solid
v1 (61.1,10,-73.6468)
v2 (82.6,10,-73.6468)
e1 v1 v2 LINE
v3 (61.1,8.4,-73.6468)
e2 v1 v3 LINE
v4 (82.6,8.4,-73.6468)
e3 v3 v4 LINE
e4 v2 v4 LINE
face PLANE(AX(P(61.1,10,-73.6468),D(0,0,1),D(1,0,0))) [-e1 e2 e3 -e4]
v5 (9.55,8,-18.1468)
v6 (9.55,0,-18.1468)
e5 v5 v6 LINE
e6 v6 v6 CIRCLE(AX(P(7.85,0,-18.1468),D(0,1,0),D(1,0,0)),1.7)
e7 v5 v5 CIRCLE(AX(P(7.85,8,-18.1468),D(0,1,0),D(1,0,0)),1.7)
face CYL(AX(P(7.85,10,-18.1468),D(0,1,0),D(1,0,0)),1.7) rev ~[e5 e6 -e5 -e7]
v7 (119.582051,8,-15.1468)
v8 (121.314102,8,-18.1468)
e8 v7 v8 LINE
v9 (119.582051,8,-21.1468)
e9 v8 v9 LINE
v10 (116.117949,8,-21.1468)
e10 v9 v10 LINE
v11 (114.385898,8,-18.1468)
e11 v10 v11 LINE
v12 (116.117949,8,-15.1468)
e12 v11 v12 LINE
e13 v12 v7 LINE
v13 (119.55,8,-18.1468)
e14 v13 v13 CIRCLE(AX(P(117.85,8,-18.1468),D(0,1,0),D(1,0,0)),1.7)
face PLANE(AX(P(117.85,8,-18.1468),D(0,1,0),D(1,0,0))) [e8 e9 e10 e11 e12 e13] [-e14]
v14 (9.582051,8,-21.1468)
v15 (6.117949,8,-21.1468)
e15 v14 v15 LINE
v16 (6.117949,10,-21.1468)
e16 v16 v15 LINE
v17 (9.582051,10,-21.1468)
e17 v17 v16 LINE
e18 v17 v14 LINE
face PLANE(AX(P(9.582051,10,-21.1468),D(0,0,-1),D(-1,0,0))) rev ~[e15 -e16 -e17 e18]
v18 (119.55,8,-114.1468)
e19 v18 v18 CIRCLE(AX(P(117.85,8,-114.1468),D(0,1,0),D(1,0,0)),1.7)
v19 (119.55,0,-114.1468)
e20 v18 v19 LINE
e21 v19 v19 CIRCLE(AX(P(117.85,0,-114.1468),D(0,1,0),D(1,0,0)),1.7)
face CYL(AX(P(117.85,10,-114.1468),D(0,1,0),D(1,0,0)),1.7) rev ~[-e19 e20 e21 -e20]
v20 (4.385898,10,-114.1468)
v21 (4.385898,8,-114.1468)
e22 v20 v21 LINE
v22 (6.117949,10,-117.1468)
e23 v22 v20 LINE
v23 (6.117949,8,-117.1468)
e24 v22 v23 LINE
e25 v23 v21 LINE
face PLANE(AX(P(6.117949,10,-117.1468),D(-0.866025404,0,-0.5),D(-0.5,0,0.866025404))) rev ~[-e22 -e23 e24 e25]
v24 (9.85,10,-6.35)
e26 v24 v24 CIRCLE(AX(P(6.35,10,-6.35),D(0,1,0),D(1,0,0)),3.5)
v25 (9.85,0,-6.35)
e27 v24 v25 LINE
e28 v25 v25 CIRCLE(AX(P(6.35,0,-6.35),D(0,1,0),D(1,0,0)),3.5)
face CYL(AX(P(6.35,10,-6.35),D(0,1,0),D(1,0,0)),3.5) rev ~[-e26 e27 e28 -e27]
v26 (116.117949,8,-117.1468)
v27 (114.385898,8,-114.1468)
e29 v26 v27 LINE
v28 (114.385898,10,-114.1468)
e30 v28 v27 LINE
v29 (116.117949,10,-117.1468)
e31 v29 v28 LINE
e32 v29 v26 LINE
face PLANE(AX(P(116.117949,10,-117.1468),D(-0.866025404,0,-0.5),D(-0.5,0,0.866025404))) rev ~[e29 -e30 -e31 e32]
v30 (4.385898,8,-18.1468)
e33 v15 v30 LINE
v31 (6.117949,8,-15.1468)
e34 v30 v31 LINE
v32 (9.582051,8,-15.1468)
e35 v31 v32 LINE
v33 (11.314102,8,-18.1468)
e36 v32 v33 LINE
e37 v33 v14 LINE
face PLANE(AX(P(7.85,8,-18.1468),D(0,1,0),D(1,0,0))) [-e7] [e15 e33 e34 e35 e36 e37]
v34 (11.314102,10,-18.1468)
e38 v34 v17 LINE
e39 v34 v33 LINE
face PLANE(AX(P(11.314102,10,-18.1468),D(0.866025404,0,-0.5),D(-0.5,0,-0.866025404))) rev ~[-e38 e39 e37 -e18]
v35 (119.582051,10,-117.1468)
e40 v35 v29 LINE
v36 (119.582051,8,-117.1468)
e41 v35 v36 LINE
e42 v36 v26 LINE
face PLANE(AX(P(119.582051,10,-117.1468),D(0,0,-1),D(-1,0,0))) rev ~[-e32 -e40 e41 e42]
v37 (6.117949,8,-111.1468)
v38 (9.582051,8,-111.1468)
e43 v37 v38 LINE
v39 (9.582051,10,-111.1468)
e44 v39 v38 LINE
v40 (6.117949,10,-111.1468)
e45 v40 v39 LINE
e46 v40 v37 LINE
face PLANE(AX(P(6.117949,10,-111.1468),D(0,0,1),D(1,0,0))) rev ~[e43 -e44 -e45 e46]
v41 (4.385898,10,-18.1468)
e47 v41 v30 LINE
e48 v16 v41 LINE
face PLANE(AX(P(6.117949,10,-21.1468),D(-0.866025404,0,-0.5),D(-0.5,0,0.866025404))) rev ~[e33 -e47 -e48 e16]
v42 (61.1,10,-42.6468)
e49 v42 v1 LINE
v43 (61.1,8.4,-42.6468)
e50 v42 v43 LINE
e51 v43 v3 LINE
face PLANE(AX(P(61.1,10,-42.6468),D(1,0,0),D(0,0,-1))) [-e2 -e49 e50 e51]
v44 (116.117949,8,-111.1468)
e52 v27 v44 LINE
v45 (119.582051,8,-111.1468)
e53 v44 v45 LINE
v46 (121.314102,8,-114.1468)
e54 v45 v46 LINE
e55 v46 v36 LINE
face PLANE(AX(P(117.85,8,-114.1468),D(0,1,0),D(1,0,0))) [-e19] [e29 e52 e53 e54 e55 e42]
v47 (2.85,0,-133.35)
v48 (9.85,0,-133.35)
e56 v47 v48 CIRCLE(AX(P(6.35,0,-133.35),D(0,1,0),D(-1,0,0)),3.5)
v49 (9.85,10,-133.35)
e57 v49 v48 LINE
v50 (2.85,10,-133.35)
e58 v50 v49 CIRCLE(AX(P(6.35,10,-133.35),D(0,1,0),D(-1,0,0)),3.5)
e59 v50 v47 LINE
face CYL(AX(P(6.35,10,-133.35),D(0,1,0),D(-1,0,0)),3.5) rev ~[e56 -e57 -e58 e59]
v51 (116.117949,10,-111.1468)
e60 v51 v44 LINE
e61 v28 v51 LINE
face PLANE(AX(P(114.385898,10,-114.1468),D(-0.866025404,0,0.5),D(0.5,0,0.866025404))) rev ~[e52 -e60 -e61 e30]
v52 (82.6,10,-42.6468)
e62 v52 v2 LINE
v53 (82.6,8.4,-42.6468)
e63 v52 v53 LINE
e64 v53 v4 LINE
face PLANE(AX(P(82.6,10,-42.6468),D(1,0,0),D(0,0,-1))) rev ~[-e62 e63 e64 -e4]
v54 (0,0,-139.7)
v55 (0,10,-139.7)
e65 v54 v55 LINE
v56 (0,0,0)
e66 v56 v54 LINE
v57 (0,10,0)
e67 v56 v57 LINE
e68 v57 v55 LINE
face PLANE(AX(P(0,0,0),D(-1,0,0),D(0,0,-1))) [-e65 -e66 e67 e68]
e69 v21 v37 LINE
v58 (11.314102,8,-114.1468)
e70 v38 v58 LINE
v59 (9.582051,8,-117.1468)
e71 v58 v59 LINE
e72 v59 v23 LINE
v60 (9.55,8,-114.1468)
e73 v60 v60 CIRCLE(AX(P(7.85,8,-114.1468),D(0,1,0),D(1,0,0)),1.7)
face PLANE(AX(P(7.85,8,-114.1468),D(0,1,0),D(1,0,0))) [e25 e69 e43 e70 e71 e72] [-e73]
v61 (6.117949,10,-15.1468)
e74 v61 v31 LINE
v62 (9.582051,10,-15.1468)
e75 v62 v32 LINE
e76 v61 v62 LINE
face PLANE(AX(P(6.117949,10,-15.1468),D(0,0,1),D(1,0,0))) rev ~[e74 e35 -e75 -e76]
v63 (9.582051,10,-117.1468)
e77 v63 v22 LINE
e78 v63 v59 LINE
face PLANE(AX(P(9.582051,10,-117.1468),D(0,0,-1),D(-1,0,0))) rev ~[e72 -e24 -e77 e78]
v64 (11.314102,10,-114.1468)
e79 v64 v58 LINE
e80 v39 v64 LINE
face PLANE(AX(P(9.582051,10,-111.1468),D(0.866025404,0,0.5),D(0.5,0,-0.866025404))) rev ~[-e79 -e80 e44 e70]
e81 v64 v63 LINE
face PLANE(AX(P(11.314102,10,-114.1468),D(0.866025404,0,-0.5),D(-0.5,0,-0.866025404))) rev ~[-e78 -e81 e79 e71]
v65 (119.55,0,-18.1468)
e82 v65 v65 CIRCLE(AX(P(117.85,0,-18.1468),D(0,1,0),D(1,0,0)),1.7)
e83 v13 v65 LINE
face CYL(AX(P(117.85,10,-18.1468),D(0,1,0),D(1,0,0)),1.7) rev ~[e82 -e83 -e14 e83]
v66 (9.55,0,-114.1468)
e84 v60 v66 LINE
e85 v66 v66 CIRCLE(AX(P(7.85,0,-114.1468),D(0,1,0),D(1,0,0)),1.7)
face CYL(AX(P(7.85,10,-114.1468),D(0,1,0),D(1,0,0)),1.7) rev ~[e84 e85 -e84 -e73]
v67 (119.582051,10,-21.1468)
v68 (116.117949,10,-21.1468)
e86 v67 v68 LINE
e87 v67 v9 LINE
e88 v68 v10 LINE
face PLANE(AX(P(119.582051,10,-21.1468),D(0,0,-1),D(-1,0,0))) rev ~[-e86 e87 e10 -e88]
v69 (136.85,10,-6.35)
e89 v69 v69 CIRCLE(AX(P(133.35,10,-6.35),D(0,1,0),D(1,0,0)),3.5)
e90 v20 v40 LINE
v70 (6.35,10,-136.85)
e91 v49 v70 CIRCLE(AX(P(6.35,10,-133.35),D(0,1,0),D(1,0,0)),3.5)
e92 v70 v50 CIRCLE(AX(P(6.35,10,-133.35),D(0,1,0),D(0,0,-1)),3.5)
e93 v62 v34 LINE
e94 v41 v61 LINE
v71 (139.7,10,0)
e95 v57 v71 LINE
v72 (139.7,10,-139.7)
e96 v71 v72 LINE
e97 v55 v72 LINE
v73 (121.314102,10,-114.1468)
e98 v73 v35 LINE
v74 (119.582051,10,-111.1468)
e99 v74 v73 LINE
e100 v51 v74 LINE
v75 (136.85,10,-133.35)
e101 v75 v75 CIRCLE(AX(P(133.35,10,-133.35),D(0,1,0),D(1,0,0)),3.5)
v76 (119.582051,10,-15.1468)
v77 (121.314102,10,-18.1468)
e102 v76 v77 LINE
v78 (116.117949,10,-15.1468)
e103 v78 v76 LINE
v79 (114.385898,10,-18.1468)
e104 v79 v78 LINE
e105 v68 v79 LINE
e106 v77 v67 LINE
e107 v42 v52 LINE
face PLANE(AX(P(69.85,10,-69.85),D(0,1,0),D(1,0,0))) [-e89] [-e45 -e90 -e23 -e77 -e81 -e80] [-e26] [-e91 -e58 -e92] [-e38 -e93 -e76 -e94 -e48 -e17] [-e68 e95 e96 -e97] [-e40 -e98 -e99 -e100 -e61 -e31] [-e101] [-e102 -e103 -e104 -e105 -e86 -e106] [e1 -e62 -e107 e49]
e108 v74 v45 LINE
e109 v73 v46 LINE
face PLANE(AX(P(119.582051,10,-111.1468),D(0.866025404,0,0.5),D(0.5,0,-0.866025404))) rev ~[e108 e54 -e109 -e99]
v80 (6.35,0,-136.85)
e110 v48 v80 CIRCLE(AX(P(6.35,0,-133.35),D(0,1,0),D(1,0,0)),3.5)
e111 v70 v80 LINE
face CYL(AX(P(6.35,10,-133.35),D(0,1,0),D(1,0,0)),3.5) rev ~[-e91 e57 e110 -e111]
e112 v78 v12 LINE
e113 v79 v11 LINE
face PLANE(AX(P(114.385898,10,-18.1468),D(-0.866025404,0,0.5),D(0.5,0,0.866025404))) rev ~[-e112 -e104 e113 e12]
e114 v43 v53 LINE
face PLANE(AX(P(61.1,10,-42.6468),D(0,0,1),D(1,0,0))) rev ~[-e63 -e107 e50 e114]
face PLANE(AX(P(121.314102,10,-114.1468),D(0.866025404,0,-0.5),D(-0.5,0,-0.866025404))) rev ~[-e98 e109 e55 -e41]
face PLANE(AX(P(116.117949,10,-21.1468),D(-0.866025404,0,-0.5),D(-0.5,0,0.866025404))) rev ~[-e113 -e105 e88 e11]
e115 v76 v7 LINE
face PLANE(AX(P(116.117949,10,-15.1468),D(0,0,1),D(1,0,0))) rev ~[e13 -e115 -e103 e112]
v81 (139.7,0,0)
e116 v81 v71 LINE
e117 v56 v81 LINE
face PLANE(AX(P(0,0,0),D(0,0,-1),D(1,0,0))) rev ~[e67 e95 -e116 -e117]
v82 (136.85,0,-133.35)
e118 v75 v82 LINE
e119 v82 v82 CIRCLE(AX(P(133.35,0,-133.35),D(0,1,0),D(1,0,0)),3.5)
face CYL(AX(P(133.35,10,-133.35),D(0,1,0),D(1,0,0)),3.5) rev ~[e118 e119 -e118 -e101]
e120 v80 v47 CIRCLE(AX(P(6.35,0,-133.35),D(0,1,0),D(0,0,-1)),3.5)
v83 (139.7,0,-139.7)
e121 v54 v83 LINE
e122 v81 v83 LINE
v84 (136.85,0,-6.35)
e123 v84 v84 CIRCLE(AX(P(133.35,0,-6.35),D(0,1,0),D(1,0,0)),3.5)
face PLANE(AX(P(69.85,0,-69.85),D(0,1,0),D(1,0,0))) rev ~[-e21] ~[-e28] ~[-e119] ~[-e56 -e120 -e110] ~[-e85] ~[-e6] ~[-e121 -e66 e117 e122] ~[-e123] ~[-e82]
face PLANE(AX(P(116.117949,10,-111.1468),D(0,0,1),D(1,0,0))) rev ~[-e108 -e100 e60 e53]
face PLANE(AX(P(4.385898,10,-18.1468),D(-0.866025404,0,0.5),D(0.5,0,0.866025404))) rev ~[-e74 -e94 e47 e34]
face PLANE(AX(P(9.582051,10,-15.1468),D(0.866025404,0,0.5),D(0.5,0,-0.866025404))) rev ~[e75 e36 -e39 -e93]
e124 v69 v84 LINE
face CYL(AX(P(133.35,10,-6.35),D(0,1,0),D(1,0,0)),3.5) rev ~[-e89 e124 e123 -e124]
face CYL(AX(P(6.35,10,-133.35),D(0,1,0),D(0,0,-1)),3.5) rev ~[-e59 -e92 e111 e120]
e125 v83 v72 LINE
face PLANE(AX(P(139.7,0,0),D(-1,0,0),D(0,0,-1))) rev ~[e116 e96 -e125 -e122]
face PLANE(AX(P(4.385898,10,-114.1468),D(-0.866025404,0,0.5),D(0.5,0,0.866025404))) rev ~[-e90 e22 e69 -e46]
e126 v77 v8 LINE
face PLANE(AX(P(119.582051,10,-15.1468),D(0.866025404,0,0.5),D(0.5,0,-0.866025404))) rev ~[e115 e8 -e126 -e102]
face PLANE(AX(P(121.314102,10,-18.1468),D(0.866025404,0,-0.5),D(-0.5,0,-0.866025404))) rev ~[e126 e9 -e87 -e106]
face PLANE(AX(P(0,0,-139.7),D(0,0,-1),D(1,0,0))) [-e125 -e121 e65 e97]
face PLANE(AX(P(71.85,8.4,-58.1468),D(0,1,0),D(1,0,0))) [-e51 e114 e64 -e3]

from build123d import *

# Parameters (mm, degrees)
SKETCH2_W           = 139.7
SKETCH2_H           = 139.7
BOSS_EXTRUDE1_DEPTH = 10
SKETCH1_R           = 3.5
CUT_EXTRUDE1_DEPTH  = 10
SKETCH3_W           = 21.5
SKETCH3_H           = 31
CUT_EXTRUDE2_DEPTH  = 1.6
SKETCH4_R           = 1.7
CUT_EXTRUDE3_DEPTH  = 10
CUT_EXTRUDE4_DEPTH  = 2


with BuildPart() as part:
    # Sketch2 → Boss-Extrude1 (new body)
    with BuildSketch(Plane(origin=(0, 0, 0), x_dir=(1, 0, 0), z_dir=(0, 1, 0))):
        with Locations((69.85, 69.85)):
            Rectangle(SKETCH2_W, SKETCH2_H)
    extrude(amount=BOSS_EXTRUDE1_DEPTH)

    # Sketch1 → Cut-Extrude1 (cut)
    with BuildSketch(Plane(origin=(0, 10, 0), x_dir=(1, 0, 0), z_dir=(0, 1, 0))):
        with BuildLine():
            Line((6.35, 136.85), (6.35, 133.35))
            Line((6.35, 133.35), (2.85, 133.35))
            ThreePointArc((2.85, 133.35), (6.35, 129.85), (9.85, 133.35))
            ThreePointArc((9.85, 133.35), (8.824873734, 135.824873734), (6.35, 136.85))
        make_face()
        with BuildLine():
            Line((2.85, 133.35), (6.35, 133.35))
            Line((6.35, 133.35), (6.35, 136.85))
            ThreePointArc((6.35, 136.85), (3.875126266, 135.824873734), (2.85, 133.35))
        make_face()
        with Locations((133.35, 133.35)):
            Circle(SKETCH1_R)
        with Locations((6.35, 6.35)):
            Circle(SKETCH1_R)
        with Locations((133.35, 6.35)):
            Circle(SKETCH1_R)
    extrude(amount=-CUT_EXTRUDE1_DEPTH, mode=Mode.SUBTRACT)

    # Sketch3 → Cut-Extrude2 (cut)
    with BuildSketch(Plane(origin=(0, 10, 0), x_dir=(1, 0, 0), z_dir=(0, 1, 0))):
        with Locations((71.85, 58.1468)):
            Rectangle(SKETCH3_W, SKETCH3_H)
    extrude(amount=-CUT_EXTRUDE2_DEPTH, mode=Mode.SUBTRACT)

    # Sketch4 → Cut-Extrude3 (cut)
    with BuildSketch(Plane(origin=(0, 10, 0), x_dir=(1, 0, 0), z_dir=(0, 1, 0))):
        with Locations((7.85, 114.1468)):
            Circle(SKETCH4_R)
        with Locations((7.85, 18.1468)):
            Circle(SKETCH4_R)
        with Locations((117.85, 114.1468)):
            Circle(SKETCH4_R)
        with Locations((117.85, 18.1468)):
            Circle(SKETCH4_R)
    extrude(amount=-CUT_EXTRUDE3_DEPTH, mode=Mode.SUBTRACT)

    # Sketch5 → Cut-Extrude4 (cut)
    with BuildSketch(Plane(origin=(0, 10, 0), x_dir=(1, 0, 0), z_dir=(0, 1, 0))):
        Polygon((9.582050808, 111.1468), (11.314101615, 114.1468), (9.582050808, 117.1468), (6.117949192, 117.1468), (4.385898385, 114.1468), (6.117949192, 111.1468), align=None)
        Polygon((9.582050808, 15.1468), (11.314101615, 18.1468), (9.582050808, 21.1468), (6.117949192, 21.1468), (4.385898385, 18.1468), (6.117949192, 15.1468), align=None)
        Polygon((119.582050808, 111.1468), (121.314101615, 114.1468), (119.582050808, 117.1468), (116.117949192, 117.1468), (114.385898385, 114.1468), (116.117949192, 111.1468), align=None)
        Polygon((119.582050808, 15.1468), (121.314101615, 18.1468), (119.582050808, 21.1468), (116.117949192, 21.1468), (114.385898385, 18.1468), (116.117949192, 15.1468), align=None)
    extrude(amount=-CUT_EXTRUDE4_DEPTH, mode=Mode.SUBTRACT)


solid = part.part
